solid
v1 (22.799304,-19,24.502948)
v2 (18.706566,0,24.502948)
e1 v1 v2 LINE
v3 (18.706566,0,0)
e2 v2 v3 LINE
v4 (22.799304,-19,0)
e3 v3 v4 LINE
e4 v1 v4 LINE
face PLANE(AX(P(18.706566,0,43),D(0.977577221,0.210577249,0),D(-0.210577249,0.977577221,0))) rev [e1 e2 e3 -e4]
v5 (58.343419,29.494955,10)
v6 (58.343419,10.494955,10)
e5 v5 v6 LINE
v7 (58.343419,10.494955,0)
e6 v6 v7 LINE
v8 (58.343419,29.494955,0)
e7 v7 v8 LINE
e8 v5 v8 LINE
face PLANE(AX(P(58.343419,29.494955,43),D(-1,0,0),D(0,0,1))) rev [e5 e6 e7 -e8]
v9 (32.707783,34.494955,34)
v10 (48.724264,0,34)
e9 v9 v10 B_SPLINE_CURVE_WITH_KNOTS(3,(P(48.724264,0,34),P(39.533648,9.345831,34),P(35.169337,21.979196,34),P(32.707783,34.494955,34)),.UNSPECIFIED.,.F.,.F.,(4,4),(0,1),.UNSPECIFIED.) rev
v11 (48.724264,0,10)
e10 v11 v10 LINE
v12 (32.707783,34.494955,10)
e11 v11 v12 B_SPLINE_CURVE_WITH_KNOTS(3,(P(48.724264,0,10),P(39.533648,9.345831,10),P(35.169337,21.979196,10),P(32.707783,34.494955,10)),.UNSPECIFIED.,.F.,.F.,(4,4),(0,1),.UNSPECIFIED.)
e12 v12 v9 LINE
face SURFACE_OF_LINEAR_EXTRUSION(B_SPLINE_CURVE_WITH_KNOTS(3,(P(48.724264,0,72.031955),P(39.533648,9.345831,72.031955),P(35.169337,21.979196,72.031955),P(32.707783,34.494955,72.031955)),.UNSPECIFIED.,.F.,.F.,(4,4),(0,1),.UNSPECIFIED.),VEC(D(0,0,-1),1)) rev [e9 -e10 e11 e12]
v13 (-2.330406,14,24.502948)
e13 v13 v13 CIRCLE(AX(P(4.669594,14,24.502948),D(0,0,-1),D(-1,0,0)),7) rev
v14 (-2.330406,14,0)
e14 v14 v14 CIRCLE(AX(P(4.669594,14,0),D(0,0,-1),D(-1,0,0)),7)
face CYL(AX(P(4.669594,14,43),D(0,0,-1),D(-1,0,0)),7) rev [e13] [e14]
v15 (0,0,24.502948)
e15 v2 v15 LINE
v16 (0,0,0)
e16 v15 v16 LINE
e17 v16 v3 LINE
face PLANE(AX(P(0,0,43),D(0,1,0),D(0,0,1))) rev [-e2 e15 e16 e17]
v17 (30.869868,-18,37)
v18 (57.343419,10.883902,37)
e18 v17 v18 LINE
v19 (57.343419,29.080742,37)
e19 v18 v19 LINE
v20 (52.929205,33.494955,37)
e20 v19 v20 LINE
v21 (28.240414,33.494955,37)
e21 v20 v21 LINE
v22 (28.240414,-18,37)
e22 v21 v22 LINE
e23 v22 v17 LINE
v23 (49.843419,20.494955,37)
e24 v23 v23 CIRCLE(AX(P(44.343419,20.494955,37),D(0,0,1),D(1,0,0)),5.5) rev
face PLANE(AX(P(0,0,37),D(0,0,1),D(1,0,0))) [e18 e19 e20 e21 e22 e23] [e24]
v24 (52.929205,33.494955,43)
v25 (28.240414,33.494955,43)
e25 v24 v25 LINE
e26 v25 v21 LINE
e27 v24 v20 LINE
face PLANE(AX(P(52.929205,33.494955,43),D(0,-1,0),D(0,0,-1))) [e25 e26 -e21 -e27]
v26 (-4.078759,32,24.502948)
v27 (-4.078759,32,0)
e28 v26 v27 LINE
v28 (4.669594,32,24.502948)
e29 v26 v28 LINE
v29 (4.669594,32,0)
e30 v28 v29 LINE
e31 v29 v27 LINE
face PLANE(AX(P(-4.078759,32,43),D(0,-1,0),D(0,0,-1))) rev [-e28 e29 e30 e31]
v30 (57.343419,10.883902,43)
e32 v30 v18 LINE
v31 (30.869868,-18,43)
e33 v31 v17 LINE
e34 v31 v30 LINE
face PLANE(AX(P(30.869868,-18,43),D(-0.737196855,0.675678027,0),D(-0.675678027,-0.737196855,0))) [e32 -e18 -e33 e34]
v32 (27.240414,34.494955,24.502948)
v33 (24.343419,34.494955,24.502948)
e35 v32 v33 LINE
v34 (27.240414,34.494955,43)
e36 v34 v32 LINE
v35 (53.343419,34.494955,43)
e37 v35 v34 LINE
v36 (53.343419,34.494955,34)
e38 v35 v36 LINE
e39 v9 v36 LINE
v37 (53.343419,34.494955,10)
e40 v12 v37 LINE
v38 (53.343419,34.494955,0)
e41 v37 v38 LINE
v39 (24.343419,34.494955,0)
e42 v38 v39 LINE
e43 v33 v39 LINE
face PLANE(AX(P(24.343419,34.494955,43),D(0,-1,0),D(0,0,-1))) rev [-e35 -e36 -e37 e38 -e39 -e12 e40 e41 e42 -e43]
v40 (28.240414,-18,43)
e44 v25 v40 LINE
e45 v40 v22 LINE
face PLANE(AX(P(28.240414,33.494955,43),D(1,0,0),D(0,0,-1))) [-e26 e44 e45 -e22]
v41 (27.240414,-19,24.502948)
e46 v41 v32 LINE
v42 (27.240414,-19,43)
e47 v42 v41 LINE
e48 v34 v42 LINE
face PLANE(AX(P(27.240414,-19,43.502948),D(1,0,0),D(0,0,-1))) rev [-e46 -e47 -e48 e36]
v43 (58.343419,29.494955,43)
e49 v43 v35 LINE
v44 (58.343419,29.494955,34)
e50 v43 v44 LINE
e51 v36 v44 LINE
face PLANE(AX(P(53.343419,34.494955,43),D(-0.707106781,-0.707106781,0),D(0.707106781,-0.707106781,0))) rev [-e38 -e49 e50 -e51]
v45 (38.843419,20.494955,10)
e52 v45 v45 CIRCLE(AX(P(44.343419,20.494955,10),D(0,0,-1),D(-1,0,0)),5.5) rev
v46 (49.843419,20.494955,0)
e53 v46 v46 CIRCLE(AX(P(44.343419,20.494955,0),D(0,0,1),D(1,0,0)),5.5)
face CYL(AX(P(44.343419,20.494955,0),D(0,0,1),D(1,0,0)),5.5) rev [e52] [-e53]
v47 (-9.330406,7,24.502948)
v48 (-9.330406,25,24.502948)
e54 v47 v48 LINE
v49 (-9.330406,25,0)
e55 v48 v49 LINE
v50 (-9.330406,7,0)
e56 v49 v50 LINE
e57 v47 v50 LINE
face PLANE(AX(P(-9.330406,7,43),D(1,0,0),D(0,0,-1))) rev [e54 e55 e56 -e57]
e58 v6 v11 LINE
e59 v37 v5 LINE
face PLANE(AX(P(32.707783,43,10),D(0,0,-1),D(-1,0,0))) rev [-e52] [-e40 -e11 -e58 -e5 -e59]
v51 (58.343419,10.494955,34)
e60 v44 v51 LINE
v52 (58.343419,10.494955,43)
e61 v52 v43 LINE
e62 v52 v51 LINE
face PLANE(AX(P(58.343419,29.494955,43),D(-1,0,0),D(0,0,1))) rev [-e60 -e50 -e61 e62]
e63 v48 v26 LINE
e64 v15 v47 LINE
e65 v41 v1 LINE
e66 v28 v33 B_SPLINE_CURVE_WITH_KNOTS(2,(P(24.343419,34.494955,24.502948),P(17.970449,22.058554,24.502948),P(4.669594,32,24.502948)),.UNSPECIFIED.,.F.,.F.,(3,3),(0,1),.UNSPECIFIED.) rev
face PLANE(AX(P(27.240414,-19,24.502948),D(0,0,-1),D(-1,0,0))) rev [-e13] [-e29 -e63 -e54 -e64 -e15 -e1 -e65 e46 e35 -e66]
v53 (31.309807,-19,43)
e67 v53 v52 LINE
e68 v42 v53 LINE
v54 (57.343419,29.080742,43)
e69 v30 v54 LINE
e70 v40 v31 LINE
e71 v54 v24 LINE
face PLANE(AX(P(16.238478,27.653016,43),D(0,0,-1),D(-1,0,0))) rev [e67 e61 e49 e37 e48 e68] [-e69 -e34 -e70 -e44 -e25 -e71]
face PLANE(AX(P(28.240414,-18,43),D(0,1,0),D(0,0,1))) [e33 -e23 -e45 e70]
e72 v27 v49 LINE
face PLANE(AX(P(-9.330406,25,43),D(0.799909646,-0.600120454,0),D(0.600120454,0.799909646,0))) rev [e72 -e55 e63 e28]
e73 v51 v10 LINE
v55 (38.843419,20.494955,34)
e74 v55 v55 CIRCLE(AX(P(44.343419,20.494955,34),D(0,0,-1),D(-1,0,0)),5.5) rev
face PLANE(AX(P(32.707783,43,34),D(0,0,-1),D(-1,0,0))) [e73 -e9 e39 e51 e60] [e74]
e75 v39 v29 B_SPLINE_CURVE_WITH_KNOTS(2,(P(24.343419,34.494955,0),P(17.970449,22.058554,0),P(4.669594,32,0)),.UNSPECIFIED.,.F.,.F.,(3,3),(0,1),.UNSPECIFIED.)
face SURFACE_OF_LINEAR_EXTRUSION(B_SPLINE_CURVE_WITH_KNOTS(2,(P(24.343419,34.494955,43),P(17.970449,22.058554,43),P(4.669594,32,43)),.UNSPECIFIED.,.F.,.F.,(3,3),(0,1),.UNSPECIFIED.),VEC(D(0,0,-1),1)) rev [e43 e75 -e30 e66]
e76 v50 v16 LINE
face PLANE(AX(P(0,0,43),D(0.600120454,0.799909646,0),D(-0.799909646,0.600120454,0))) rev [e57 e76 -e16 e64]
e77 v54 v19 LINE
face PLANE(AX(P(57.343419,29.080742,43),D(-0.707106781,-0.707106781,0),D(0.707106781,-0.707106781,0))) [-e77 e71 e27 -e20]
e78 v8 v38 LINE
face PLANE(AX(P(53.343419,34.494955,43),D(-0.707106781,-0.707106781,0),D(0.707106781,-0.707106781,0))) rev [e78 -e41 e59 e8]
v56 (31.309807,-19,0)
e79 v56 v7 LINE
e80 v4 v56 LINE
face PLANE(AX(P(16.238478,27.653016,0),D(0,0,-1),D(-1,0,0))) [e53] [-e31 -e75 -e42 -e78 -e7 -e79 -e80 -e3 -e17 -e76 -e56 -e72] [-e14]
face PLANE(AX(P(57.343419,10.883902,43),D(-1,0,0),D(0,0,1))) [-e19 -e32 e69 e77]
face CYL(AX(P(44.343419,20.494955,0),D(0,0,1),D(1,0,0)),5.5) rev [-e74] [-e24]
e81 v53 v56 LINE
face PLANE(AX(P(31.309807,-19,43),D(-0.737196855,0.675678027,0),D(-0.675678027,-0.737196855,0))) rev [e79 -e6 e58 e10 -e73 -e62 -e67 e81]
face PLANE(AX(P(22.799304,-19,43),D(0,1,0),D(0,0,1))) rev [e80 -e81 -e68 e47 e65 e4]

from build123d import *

# Parameters (mm, degrees)
BOSS_EXTRUDE1_DEPTH     = 43
SKETCH2_R               = 7
CUT_EXTRUDE1_DEPTH      = 43
SKETCH3_R               = 5.5
CUT_EXTRUDE2_DEPTH      = 43
CUT_EXTRUDE3_DEPTH      = 81.267405813
CUT_EXTRUDE3_DEPTH_BACK = 81.267405813
SKETCH4_W               = 43.989032816
SKETCH4_H               = 19
SKETCH5_W               = 35.072240015
SKETCH5_H               = 24
CUT_EXTRUDE4_DEPTH      = 43
BOSS_EXTRUDE2_DEPTH     = 24
CUT_EXTRUDE5_DEPTH      = 6


with BuildPart() as part:
    # Sketch1 → Boss-Extrude1 (new body)
    with BuildSketch(Plane.XY):
        with BuildLine():
            Line((0, 0), (-9.330406061, 7))
            Line((-9.330406061, 7), (-9.330406061, 25))
            Line((-9.330406061, 25), (-4.078758954, 32))
            Line((-4.078758954, 32), (4.669593939, 32))
            add(Edge.make_bspline(
                [(4.669593939, 32), (17.970448987, 22.058553501), (24.343418505, 34.49495508)],
                knots=[0, 0, 0, 1, 1, 1], degree=2))
            Line((24.343418505, 34.49495508), (53.343418505, 34.49495508))
            Line((53.343418505, 34.49495508), (58.343418505, 29.49495508))
            Line((58.343418505, 29.49495508), (58.343418505, 10.49495508))
            Line((58.343418505, 10.49495508), (31.309807425, -19))
            Line((31.309807425, -19), (22.799304213, -19))
            Line((22.799304213, -19), (18.70656591, 0))
            Line((18.70656591, 0), (0, 0))
        make_face()
    extrude(amount=BOSS_EXTRUDE1_DEPTH)

    # Sketch2 → Cut-Extrude1 (cut)
    with BuildSketch(Plane(origin=(0, 0, 0), x_dir=(-1, 0, 0), z_dir=(0, 0, -1))):
        with Locations((-4.669593939, 14)):
            Circle(SKETCH2_R)
    extrude(amount=-CUT_EXTRUDE1_DEPTH, mode=Mode.SUBTRACT)

    # Sketch3 → Cut-Extrude2 (cut)
    with BuildSketch(Plane.XY.offset(43)):
        with Locations((44.343418505, 20.49495508)):
            Circle(SKETCH3_R)
    extrude(amount=-CUT_EXTRUDE2_DEPTH, mode=Mode.SUBTRACT)

    # Sketch4 → Cut-Extrude3 (cut, two sides: drawn at the far end of the back side and taken through both)
    with BuildSketch(Plane(origin=(0, 0, 0), x_dir=(1, 0, 0), z_dir=(0, 1, 0)).offset(-CUT_EXTRUDE3_DEPTH_BACK)):
        with Locations((5.245897655, -34.002948031)):
            Rectangle(SKETCH4_W, SKETCH4_H)
    extrude(amount=CUT_EXTRUDE3_DEPTH + CUT_EXTRUDE3_DEPTH_BACK, mode=Mode.SUBTRACT)

    # Sketch5 → Cut-Extrude4 (cut)
    with BuildSketch(Plane(origin=(0, 0, 0), x_dir=(1, 0, 0), z_dir=(0, 1, 0))):
        with Locations((50.243902929, -22)):
            Rectangle(SKETCH5_W, SKETCH5_H)
    extrude(amount=CUT_EXTRUDE4_DEPTH, mode=Mode.SUBTRACT)

    # Sketch6 → Boss-Extrude2 (add)
    with BuildSketch(Plane.XY.offset(10)):
        with BuildLine():
            Line((32.707782921, 34.49495508), (32.707782921, 0))
            Line((32.707782921, 0), (48.724263868, 0))
            add(Edge.make_bspline(
                [(48.724263868, 0), (39.533647592, 9.345830828), (35.169336989, 21.979196109), (32.707782921, 34.49495508)],
                knots=[0, 0, 0, 0, 1, 1, 1, 1], degree=3))
        make_face()
    extrude(amount=BOSS_EXTRUDE2_DEPTH)

    # 3DSketch1 → Cut-Extrude5 (cut)
    with BuildSketch(Plane(origin=(30.869867984, -18, 43), x_dir=(0.39376955076248915, 0.9192091932157269, 0), z_dir=(0, 0, 1))):
        Polygon((0, 0), (36.9748267, -12.961129751), (53.701528522, -5.795768579), (56.020931318, 0), (46.299237224, 22.694163546), (-1.035398889, 2.417018217), align=None)
    extrude(amount=-CUT_EXTRUDE5_DEPTH, mode=Mode.SUBTRACT)


solid = part.part
